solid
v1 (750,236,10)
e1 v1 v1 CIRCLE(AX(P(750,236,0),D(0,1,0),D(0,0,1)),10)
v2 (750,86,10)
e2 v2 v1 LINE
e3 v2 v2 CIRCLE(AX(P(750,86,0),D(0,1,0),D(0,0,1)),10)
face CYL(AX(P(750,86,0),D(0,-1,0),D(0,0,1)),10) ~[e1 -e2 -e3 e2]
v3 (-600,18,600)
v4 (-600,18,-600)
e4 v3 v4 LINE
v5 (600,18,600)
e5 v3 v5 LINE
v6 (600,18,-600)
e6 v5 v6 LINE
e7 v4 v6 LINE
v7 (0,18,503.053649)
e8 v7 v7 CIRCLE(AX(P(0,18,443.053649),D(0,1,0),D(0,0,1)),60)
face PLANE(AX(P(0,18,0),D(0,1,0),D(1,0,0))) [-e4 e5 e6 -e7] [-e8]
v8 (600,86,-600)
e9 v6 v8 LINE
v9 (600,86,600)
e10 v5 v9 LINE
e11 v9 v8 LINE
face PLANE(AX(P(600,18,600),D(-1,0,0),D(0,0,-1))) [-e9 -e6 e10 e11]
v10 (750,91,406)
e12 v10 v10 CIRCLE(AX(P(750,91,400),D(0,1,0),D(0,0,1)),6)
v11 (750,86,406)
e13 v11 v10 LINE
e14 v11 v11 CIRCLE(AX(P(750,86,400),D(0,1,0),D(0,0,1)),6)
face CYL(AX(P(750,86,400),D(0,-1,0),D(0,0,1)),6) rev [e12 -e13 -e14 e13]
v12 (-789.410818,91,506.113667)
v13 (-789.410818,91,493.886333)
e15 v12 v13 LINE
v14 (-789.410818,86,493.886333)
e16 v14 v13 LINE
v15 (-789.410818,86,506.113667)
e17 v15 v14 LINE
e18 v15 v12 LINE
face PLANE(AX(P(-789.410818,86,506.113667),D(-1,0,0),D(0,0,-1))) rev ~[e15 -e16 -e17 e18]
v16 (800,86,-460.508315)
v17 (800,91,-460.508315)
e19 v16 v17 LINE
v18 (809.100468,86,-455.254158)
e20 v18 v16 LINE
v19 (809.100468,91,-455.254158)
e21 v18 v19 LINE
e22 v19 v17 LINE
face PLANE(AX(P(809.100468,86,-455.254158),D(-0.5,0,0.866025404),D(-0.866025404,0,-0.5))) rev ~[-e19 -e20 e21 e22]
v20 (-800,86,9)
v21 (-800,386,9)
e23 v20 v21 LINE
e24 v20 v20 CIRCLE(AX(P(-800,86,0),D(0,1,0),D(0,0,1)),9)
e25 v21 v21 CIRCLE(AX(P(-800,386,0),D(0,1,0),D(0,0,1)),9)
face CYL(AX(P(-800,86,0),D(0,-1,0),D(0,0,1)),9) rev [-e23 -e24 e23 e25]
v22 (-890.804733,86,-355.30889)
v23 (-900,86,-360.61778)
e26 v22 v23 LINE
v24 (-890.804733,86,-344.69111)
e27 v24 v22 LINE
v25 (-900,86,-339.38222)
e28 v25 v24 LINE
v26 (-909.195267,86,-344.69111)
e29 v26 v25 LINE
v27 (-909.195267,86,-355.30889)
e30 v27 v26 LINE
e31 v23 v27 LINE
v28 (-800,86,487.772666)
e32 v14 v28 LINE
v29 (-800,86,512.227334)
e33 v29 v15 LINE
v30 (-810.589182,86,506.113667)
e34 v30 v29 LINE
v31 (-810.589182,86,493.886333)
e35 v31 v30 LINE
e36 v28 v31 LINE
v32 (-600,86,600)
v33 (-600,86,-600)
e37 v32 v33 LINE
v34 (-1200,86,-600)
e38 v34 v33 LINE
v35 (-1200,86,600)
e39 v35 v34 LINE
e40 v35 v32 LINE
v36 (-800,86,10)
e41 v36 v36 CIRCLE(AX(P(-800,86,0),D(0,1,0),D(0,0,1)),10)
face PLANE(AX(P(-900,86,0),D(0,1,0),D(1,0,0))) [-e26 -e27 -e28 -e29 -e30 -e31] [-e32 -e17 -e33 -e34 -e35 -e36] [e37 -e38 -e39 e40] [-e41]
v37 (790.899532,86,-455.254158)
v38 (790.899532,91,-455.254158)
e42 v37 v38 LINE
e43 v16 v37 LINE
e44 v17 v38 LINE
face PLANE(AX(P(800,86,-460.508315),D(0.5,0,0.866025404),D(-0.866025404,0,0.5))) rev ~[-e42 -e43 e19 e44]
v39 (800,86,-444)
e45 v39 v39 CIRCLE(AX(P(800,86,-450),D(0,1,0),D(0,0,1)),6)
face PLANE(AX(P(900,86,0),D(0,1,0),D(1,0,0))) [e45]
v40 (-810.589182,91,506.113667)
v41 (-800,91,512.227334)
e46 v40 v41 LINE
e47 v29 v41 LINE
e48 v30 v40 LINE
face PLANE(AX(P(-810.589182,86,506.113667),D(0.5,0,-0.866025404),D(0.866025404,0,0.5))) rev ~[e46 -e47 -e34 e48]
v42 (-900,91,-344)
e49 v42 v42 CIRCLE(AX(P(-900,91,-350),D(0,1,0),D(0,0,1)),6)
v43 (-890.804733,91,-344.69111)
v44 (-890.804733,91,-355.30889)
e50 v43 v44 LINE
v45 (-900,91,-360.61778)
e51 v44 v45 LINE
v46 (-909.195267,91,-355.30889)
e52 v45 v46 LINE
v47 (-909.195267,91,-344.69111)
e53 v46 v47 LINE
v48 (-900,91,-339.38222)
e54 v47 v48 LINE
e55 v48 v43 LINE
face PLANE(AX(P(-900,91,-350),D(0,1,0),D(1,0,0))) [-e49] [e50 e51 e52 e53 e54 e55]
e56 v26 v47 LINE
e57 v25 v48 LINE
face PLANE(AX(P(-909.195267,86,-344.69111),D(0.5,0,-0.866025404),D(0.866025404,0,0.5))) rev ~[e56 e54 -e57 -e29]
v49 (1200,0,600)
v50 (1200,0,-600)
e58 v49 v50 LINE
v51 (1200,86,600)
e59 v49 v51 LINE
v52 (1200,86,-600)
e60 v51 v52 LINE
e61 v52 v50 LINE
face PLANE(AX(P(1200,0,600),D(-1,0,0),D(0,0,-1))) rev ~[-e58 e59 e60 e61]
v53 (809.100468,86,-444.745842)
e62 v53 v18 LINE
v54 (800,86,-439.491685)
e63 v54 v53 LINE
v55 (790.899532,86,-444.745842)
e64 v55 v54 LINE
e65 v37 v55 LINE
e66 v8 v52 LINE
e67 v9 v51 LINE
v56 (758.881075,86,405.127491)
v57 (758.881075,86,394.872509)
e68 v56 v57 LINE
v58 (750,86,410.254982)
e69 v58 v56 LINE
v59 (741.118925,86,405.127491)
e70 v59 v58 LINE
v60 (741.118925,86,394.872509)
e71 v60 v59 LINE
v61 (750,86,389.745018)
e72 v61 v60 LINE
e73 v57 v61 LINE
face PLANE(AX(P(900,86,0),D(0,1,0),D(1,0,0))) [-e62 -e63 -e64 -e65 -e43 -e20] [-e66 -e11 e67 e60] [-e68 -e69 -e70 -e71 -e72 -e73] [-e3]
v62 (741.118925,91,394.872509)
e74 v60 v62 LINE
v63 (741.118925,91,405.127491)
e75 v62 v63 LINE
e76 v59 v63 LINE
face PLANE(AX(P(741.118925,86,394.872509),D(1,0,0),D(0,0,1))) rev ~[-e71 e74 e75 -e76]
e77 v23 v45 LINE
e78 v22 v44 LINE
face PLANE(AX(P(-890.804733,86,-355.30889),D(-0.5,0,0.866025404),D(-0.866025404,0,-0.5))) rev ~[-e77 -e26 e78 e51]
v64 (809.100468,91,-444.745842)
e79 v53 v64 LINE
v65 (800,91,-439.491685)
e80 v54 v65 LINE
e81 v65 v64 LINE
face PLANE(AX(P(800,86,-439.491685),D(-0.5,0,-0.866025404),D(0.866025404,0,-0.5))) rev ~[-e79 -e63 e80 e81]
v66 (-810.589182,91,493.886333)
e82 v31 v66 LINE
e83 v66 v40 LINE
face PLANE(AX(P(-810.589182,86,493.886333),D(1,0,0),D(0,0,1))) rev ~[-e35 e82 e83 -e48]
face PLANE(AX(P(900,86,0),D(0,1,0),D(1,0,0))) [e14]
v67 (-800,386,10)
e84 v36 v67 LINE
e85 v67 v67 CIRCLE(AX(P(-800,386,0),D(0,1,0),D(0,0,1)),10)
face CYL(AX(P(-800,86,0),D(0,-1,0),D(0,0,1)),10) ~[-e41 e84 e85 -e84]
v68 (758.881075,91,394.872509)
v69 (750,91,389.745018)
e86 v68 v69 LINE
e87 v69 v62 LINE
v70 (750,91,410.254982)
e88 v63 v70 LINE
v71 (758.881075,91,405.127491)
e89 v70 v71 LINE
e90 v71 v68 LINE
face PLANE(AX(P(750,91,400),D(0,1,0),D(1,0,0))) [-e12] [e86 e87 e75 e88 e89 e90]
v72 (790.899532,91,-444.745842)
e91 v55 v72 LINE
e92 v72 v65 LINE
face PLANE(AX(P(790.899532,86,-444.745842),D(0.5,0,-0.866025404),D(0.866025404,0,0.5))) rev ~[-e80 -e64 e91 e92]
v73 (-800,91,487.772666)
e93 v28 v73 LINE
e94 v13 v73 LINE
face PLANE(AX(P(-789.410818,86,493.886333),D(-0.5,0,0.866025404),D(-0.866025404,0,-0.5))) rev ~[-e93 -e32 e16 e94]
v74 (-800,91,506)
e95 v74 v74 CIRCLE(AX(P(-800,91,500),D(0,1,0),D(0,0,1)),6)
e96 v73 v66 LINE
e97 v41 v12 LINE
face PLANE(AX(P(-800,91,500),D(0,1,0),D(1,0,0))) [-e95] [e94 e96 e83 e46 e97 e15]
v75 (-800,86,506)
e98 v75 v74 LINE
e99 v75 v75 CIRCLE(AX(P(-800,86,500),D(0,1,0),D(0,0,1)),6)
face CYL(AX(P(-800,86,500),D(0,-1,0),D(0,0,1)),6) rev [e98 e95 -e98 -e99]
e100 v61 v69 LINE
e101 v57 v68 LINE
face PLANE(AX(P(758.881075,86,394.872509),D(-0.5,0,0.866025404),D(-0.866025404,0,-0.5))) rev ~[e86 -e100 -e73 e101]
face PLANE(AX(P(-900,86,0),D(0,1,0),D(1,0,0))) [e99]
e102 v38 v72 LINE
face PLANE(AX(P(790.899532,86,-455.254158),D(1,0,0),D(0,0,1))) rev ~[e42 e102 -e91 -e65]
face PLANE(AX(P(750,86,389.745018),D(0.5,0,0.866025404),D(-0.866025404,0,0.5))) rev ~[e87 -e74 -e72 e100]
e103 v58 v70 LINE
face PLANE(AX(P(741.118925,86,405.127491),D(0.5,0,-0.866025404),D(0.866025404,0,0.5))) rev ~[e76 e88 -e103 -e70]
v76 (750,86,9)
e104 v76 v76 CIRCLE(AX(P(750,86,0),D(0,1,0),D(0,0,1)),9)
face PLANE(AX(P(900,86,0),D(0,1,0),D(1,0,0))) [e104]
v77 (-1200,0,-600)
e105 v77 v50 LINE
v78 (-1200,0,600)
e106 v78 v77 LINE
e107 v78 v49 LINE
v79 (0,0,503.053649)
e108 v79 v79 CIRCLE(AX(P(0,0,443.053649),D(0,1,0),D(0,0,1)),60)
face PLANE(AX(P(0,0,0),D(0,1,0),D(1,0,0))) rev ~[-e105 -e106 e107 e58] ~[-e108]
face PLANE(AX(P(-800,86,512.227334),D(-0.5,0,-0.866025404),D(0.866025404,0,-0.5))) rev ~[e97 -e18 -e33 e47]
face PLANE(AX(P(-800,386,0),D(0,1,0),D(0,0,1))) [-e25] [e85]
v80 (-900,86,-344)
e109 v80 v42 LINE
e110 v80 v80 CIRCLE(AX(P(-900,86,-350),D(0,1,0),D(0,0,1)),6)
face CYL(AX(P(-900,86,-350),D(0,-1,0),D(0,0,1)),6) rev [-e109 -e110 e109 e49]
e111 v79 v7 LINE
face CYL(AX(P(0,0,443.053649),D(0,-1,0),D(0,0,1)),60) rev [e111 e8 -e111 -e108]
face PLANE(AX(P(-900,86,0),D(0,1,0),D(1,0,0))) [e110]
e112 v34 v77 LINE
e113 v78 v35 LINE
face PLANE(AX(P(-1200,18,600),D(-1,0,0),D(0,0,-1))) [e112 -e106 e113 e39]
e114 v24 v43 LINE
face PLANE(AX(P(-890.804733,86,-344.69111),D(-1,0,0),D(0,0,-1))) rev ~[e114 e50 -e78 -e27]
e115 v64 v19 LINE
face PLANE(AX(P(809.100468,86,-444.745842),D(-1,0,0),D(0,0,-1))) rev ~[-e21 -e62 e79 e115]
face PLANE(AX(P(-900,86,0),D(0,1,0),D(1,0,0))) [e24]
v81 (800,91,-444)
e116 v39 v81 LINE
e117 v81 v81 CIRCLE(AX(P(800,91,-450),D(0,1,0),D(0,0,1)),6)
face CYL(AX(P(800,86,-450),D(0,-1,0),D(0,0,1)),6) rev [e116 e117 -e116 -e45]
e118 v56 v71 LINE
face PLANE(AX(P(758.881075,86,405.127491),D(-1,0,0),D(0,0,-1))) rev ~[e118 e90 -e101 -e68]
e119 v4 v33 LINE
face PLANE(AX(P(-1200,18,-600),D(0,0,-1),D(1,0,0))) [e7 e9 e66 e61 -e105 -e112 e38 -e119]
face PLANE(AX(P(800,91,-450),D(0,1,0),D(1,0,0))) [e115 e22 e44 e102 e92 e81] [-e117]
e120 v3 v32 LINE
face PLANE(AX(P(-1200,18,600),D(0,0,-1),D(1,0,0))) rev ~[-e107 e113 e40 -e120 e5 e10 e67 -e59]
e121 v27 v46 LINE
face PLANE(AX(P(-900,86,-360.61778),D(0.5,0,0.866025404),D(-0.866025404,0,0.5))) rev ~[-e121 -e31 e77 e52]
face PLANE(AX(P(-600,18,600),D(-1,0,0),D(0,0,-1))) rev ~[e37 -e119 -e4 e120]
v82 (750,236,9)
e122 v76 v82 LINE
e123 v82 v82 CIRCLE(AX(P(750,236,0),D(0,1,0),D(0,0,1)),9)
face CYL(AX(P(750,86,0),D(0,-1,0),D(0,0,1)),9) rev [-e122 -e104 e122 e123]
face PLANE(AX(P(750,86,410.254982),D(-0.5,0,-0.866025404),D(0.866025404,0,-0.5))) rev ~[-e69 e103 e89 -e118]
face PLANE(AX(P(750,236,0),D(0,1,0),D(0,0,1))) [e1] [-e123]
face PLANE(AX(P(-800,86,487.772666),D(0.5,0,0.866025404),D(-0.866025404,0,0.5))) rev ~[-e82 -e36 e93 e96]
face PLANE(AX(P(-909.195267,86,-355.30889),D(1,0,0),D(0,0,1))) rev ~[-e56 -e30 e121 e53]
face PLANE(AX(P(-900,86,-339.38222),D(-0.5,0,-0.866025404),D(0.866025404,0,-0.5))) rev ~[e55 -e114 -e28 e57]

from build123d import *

# Parameters (mm, degrees)
SKETCH1_W           = 2400
SKETCH1_H           = 1200
SKETCH1_R           = 60
BOSS_EXTRUDE1_DEPTH = 18
BOSS_EXTRUDE2_START = 18
SKETCH2_W           = 600
SKETCH2_H           = 1200
BOSS_EXTRUDE2_DEPTH = 68
SKETCH3_R           = 10
SKETCH3_R_2         = 9
BOSS_EXTRUDE3_DEPTH = 300
SKETCH4_R           = 10
SKETCH4_R_2         = 9
BOSS_EXTRUDE4_DEPTH = 150
SKETCH6_R           = 6
BOSS_EXTRUDE5_DEPTH = 5
SKETCH7_R           = 6
BOSS_EXTRUDE6_DEPTH = 5


with BuildPart() as part:
    # Sketch1 → Boss-Extrude1 (new body)
    with BuildSketch(Plane(origin=(0, 0, 0), x_dir=(1, 0, 0), z_dir=(0, 1, 0))):
        Rectangle(SKETCH1_W, SKETCH1_H)
        with Locations(Location((0, -443.053648657, 0), (0, 0, 270))):
            Circle(SKETCH1_R, mode=Mode.SUBTRACT)
    extrude(amount=BOSS_EXTRUDE1_DEPTH)

    # Sketch2 → Boss-Extrude2 (add)
    with BuildSketch(Plane(origin=(0, 0, 0), x_dir=(1, 0, 0), z_dir=(0, 1, 0)).offset(BOSS_EXTRUDE2_START)):
        with Locations((-900, 0)):
            Rectangle(SKETCH2_W, SKETCH2_H)
        with Locations((900, 0)):
            Rectangle(SKETCH2_W, SKETCH2_H)
    extrude(amount=BOSS_EXTRUDE2_DEPTH)

    # Sketch3 → Boss-Extrude3 (add)
    with BuildSketch(Plane(origin=(0, 86, 0), x_dir=(1, 0, 0), z_dir=(0, 1, 0))):
        with Locations(Location((-800, 0, 0), (0, 0, 270))):
            Circle(SKETCH3_R)
        with Locations(Location((-800, 0, 0), (0, 0, 270))):
            Circle(SKETCH3_R_2, mode=Mode.SUBTRACT)
    extrude(amount=BOSS_EXTRUDE3_DEPTH)

    # Sketch4 → Boss-Extrude4 (add)
    with BuildSketch(Plane(origin=(0, 86, 0), x_dir=(1, 0, 0), z_dir=(0, 1, 0))):
        with Locations(Location((750, 0, 0), (0, 0, 270))):
            Circle(SKETCH4_R)
        with Locations(Location((750, 0, 0), (0, 0, 270))):
            Circle(SKETCH4_R_2, mode=Mode.SUBTRACT)
    extrude(amount=BOSS_EXTRUDE4_DEPTH)

    # Sketch6 → Boss-Extrude5 (add)
    # profile 1 of 2: a face of its own
    with BuildSketch(Plane(origin=(0, 86, 0), x_dir=(1, 0, 0), z_dir=(0, 1, 0))):
        Polygon((-800, -512.227333668), (-789.410818423, -506.113666834), (-789.410818423, -493.886333166), (-800, -487.772666332), (-810.589181577, -493.886333166), (-810.589181577, -506.113666834), align=None)
        with Locations(Location((-800, -500, 0), (0, 0, 270))):
            Circle(SKETCH6_R, mode=Mode.SUBTRACT)
    # profile 2 of 2: a face of its own
    with BuildSketch(Plane(origin=(0, 86, 0), x_dir=(1, 0, 0), z_dir=(0, 1, 0))):
        Polygon((-900, 360.617779526), (-909.195266801, 355.308889763), (-909.195266801, 344.691110237), (-900, 339.382220474), (-890.804733199, 344.691110237), (-890.804733199, 355.308889763), align=None)
        with Locations(Location((-900, 350, 0), (0, 0, 270))):
            Circle(SKETCH6_R, mode=Mode.SUBTRACT)
    extrude(amount=BOSS_EXTRUDE5_DEPTH)

    # Sketch7 → Boss-Extrude6 (add)
    # profile 1 of 2: a face of its own
    with BuildSketch(Plane(origin=(0, 86, 0), x_dir=(1, 0, 0), z_dir=(0, 1, 0))):
        Polygon((750, -410.254981665), (758.881074637, -405.127490833), (758.881074637, -394.872509167), (750, -389.745018335), (741.118925363, -394.872509167), (741.118925363, -405.127490833), align=None)
        with Locations(Location((750, -400, 0), (0, 0, 270))):
            Circle(SKETCH7_R, mode=Mode.SUBTRACT)
    # profile 2 of 2: a face of its own
    with BuildSketch(Plane(origin=(0, 86, 0), x_dir=(1, 0, 0), z_dir=(0, 1, 0))):
        Polygon((800, 460.50831519), (790.899532094, 455.254157595), (790.899532094, 444.745842405), (800, 439.49168481), (809.100467906, 444.745842405), (809.100467906, 455.254157595), align=None)
        with Locations(Location((800, 450, 0), (0, 0, 270))):
            Circle(SKETCH7_R, mode=Mode.SUBTRACT)
    extrude(amount=BOSS_EXTRUDE6_DEPTH)


solid = part.part
